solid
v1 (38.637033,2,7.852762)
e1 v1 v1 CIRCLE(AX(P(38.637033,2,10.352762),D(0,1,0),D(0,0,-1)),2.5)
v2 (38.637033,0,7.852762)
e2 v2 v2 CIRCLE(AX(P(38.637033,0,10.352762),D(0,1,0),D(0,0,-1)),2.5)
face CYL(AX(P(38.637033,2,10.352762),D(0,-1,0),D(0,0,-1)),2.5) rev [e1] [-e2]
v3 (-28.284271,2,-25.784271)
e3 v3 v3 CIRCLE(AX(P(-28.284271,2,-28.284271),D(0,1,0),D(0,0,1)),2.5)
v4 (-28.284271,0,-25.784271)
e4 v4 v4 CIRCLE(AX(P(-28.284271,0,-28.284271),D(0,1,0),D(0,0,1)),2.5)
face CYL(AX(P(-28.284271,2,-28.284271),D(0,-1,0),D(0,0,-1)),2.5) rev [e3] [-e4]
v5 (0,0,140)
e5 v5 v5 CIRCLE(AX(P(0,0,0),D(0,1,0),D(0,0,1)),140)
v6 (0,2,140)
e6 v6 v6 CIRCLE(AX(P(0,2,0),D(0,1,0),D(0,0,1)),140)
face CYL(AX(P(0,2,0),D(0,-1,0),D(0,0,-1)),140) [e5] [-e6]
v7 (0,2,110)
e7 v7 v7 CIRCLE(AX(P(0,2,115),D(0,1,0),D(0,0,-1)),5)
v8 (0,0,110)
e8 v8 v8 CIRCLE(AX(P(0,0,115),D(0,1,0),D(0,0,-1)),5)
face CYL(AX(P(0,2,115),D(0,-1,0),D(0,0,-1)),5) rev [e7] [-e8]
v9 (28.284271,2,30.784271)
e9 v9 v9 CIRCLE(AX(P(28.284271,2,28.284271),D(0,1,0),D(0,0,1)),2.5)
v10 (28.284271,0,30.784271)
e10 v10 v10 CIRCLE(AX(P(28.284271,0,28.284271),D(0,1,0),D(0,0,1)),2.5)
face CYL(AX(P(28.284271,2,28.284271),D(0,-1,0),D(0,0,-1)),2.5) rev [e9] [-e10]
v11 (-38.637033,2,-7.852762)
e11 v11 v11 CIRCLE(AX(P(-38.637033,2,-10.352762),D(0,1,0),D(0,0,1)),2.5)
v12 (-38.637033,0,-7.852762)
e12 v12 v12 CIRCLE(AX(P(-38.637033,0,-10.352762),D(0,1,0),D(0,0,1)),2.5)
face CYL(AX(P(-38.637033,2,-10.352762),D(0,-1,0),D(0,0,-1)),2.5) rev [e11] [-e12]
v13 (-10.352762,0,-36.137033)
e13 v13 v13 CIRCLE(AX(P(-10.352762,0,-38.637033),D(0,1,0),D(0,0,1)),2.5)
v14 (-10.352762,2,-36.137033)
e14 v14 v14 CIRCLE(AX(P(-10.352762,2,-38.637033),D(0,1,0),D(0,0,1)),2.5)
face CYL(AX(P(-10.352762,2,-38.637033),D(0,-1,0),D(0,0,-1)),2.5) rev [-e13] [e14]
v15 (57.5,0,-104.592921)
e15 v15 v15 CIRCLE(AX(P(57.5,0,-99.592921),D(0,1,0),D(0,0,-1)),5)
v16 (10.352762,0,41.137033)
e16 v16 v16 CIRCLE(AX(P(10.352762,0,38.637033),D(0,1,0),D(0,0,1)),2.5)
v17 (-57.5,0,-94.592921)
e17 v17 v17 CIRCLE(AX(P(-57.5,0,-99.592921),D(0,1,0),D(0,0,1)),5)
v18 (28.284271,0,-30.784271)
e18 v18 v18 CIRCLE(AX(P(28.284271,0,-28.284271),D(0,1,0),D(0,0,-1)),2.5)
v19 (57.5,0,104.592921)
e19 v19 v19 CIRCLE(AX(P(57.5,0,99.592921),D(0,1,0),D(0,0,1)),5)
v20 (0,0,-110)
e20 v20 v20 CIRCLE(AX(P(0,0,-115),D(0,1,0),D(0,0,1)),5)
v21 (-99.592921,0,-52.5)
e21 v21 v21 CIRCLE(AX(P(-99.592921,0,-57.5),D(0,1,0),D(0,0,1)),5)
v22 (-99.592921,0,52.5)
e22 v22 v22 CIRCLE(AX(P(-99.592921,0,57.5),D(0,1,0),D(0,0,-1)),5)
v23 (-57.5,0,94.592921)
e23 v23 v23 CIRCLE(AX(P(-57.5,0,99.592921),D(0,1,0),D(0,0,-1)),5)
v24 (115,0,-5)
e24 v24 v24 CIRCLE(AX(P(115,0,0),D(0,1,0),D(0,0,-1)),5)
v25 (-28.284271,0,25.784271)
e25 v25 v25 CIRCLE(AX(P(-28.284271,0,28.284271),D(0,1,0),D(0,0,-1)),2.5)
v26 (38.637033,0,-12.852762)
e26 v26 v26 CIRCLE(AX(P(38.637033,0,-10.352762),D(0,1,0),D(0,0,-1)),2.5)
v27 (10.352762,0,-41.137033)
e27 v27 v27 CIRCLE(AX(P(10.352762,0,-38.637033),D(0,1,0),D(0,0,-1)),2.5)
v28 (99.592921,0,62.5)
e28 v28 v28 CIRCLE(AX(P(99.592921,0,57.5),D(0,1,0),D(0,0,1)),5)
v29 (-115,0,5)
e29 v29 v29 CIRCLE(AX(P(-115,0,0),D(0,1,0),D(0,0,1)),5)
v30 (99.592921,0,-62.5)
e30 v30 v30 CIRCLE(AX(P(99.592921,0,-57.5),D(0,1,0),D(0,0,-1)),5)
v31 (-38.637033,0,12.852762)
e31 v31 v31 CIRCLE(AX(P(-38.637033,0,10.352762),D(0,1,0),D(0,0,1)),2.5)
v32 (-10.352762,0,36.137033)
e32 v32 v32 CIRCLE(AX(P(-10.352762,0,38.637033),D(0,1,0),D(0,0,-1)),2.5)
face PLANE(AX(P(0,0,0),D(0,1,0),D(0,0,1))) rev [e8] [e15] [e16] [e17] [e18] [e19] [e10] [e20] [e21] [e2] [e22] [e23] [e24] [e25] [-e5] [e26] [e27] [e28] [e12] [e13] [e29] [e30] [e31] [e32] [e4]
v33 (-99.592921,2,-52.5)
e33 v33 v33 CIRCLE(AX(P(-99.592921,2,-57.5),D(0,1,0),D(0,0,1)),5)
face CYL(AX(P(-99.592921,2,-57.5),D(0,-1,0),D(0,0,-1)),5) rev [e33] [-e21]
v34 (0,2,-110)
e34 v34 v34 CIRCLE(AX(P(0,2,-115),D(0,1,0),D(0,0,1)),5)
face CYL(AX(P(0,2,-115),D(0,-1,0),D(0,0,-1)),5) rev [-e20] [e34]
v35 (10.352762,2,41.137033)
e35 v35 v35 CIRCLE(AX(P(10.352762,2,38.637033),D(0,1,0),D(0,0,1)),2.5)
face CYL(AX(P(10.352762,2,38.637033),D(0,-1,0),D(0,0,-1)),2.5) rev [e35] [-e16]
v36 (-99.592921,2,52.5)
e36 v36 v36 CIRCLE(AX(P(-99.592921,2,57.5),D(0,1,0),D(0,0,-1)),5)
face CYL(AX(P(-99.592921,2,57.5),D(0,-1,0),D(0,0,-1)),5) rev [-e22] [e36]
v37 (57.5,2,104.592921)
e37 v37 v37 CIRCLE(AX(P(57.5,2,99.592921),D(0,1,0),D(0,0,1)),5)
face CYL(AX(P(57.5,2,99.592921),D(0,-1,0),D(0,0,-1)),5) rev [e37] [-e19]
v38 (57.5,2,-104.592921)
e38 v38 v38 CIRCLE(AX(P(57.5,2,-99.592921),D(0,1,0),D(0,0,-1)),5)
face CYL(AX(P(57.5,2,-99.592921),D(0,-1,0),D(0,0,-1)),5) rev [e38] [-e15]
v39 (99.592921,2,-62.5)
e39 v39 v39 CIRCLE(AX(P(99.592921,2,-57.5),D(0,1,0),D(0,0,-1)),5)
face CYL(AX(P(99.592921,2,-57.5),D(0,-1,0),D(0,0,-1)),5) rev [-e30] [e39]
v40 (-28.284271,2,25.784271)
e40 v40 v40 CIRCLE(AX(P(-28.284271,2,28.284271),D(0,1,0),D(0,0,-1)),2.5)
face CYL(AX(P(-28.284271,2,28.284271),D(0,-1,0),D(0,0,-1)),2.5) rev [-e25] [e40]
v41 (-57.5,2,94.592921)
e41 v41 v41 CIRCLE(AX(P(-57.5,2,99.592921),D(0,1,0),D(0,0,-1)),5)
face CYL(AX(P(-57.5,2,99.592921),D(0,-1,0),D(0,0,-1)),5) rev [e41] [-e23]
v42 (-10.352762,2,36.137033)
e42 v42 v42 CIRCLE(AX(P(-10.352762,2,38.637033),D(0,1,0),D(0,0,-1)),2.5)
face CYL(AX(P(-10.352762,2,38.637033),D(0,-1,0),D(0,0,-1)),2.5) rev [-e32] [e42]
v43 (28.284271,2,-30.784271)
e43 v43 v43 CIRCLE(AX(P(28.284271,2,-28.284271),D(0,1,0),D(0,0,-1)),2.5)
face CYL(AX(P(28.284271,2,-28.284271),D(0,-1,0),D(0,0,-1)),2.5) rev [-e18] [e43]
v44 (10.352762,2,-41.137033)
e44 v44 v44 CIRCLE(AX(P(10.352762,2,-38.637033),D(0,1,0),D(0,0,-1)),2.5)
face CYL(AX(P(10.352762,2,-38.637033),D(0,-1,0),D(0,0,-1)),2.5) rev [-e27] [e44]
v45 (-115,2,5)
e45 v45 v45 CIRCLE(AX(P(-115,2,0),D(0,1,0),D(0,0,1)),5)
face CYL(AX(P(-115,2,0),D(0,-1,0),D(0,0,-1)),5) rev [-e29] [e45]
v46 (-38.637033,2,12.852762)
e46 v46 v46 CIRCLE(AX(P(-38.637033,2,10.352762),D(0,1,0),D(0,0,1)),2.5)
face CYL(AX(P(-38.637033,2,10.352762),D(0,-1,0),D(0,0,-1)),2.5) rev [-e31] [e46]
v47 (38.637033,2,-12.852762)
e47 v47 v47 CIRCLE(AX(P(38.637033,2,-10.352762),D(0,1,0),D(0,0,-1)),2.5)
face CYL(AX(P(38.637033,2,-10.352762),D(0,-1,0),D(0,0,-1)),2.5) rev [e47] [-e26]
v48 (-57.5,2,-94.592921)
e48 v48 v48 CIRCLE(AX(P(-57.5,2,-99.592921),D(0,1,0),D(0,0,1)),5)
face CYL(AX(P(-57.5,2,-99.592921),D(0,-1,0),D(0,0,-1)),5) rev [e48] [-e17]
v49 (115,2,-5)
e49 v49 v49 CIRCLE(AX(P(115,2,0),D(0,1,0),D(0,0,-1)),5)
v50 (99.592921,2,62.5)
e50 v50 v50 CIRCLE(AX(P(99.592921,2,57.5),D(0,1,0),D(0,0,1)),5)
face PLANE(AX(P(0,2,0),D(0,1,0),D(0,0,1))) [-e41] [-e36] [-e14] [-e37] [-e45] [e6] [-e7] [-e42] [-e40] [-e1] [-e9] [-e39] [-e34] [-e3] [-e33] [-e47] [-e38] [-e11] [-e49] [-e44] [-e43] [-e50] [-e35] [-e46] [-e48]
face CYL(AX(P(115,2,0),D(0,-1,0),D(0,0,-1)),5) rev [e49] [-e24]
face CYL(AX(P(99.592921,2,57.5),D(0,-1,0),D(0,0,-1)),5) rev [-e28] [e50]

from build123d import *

# Parameters (mm, degrees)
SKETCH1_R           = 140
SKETCH1_R_2         = 5
SKETCH1_R_3         = 2.5
BOSS_EXTRUDE1_DEPTH = 2


with BuildPart() as part:
    # Sketch1 → Boss-Extrude1 (new body)
    with BuildSketch(Plane(origin=(0, 0, 0), x_dir=(1, 0, 0), z_dir=(0, 1, 0))):
        with Locations(Location((0, 0, 0), (0, 0, 270))):
            Circle(SKETCH1_R)
        with Locations(Location((-99.592921435, 57.5, 0), (0, 0, 270))):
            Circle(SKETCH1_R_2, mode=Mode.SUBTRACT)
        with Locations(Location((-57.5, 99.592921435, 0), (0, 0, 270))):
            Circle(SKETCH1_R_2, mode=Mode.SUBTRACT)
        with Locations(Location((57.5, 99.592921435, 0), (0, 0, 90))):
            Circle(SKETCH1_R_2, mode=Mode.SUBTRACT)
        with Locations(Location((99.592921435, 57.5, 0), (0, 0, 90))):
            Circle(SKETCH1_R_2, mode=Mode.SUBTRACT)
        with Locations(Location((99.592921435, -57.5, 0), (0, 0, 270))):
            Circle(SKETCH1_R_2, mode=Mode.SUBTRACT)
        with Locations(Location((57.5, -99.592921435, 0), (0, 0, 270))):
            Circle(SKETCH1_R_2, mode=Mode.SUBTRACT)
        with Locations(Location((-57.5, -99.592921435, 0), (0, 0, 90))):
            Circle(SKETCH1_R_2, mode=Mode.SUBTRACT)
        with Locations(Location((-99.592921435, -57.5, 0), (0, 0, 90))):
            Circle(SKETCH1_R_2, mode=Mode.SUBTRACT)
        with Locations(Location((0, 115, 0), (0, 0, 270))):
            Circle(SKETCH1_R_2, mode=Mode.SUBTRACT)
        with Locations(Location((0, -115, 0), (0, 0, 90))):
            Circle(SKETCH1_R_2, mode=Mode.SUBTRACT)
        with Locations(Location((-115, 0, 0), (0, 0, 270))):
            Circle(SKETCH1_R_2, mode=Mode.SUBTRACT)
        with Locations(Location((115, 0, 0), (0, 0, 90))):
            Circle(SKETCH1_R_2, mode=Mode.SUBTRACT)
        with Locations(Location((-10.352761804, 38.637033052, 0), (0, 0, 270))):
            Circle(SKETCH1_R_3, mode=Mode.SUBTRACT)
        with Locations(Location((-28.284271247, 28.284271247, 0), (0, 0, 270))):
            Circle(SKETCH1_R_3, mode=Mode.SUBTRACT)
        with Locations(Location((-38.637033052, 10.352761804, 0), (0, 0, 270))):
            Circle(SKETCH1_R_3, mode=Mode.SUBTRACT)
        with Locations(Location((-38.637033052, -10.352761804, 0), (0, 0, 270))):
            Circle(SKETCH1_R_3, mode=Mode.SUBTRACT)
        with Locations(Location((38.637033052, -10.352761804, 0), (0, 0, 90))):
            Circle(SKETCH1_R_3, mode=Mode.SUBTRACT)
        with Locations(Location((38.637033052, 10.352761804, 0), (0, 0, 90))):
            Circle(SKETCH1_R_3, mode=Mode.SUBTRACT)
        with Locations(Location((28.284271247, 28.284271247, 0), (0, 0, 90))):
            Circle(SKETCH1_R_3, mode=Mode.SUBTRACT)
        with Locations(Location((10.352761804, 38.637033052, 0), (0, 0, 90))):
            Circle(SKETCH1_R_3, mode=Mode.SUBTRACT)
        with Locations(Location((28.284271247, -28.284271247, 0), (0, 0, 270))):
            Circle(SKETCH1_R_3, mode=Mode.SUBTRACT)
        with Locations(Location((-28.284271247, -28.284271247, 0), (0, 0, 90))):
            Circle(SKETCH1_R_3, mode=Mode.SUBTRACT)
        with Locations(Location((10.352761804, -38.637033052, 0), (0, 0, 270))):
            Circle(SKETCH1_R_3, mode=Mode.SUBTRACT)
        with Locations(Location((-10.352761804, -38.637033052, 0), (0, 0, 90))):
            Circle(SKETCH1_R_3, mode=Mode.SUBTRACT)
    extrude(amount=BOSS_EXTRUDE1_DEPTH)


solid = part.part
